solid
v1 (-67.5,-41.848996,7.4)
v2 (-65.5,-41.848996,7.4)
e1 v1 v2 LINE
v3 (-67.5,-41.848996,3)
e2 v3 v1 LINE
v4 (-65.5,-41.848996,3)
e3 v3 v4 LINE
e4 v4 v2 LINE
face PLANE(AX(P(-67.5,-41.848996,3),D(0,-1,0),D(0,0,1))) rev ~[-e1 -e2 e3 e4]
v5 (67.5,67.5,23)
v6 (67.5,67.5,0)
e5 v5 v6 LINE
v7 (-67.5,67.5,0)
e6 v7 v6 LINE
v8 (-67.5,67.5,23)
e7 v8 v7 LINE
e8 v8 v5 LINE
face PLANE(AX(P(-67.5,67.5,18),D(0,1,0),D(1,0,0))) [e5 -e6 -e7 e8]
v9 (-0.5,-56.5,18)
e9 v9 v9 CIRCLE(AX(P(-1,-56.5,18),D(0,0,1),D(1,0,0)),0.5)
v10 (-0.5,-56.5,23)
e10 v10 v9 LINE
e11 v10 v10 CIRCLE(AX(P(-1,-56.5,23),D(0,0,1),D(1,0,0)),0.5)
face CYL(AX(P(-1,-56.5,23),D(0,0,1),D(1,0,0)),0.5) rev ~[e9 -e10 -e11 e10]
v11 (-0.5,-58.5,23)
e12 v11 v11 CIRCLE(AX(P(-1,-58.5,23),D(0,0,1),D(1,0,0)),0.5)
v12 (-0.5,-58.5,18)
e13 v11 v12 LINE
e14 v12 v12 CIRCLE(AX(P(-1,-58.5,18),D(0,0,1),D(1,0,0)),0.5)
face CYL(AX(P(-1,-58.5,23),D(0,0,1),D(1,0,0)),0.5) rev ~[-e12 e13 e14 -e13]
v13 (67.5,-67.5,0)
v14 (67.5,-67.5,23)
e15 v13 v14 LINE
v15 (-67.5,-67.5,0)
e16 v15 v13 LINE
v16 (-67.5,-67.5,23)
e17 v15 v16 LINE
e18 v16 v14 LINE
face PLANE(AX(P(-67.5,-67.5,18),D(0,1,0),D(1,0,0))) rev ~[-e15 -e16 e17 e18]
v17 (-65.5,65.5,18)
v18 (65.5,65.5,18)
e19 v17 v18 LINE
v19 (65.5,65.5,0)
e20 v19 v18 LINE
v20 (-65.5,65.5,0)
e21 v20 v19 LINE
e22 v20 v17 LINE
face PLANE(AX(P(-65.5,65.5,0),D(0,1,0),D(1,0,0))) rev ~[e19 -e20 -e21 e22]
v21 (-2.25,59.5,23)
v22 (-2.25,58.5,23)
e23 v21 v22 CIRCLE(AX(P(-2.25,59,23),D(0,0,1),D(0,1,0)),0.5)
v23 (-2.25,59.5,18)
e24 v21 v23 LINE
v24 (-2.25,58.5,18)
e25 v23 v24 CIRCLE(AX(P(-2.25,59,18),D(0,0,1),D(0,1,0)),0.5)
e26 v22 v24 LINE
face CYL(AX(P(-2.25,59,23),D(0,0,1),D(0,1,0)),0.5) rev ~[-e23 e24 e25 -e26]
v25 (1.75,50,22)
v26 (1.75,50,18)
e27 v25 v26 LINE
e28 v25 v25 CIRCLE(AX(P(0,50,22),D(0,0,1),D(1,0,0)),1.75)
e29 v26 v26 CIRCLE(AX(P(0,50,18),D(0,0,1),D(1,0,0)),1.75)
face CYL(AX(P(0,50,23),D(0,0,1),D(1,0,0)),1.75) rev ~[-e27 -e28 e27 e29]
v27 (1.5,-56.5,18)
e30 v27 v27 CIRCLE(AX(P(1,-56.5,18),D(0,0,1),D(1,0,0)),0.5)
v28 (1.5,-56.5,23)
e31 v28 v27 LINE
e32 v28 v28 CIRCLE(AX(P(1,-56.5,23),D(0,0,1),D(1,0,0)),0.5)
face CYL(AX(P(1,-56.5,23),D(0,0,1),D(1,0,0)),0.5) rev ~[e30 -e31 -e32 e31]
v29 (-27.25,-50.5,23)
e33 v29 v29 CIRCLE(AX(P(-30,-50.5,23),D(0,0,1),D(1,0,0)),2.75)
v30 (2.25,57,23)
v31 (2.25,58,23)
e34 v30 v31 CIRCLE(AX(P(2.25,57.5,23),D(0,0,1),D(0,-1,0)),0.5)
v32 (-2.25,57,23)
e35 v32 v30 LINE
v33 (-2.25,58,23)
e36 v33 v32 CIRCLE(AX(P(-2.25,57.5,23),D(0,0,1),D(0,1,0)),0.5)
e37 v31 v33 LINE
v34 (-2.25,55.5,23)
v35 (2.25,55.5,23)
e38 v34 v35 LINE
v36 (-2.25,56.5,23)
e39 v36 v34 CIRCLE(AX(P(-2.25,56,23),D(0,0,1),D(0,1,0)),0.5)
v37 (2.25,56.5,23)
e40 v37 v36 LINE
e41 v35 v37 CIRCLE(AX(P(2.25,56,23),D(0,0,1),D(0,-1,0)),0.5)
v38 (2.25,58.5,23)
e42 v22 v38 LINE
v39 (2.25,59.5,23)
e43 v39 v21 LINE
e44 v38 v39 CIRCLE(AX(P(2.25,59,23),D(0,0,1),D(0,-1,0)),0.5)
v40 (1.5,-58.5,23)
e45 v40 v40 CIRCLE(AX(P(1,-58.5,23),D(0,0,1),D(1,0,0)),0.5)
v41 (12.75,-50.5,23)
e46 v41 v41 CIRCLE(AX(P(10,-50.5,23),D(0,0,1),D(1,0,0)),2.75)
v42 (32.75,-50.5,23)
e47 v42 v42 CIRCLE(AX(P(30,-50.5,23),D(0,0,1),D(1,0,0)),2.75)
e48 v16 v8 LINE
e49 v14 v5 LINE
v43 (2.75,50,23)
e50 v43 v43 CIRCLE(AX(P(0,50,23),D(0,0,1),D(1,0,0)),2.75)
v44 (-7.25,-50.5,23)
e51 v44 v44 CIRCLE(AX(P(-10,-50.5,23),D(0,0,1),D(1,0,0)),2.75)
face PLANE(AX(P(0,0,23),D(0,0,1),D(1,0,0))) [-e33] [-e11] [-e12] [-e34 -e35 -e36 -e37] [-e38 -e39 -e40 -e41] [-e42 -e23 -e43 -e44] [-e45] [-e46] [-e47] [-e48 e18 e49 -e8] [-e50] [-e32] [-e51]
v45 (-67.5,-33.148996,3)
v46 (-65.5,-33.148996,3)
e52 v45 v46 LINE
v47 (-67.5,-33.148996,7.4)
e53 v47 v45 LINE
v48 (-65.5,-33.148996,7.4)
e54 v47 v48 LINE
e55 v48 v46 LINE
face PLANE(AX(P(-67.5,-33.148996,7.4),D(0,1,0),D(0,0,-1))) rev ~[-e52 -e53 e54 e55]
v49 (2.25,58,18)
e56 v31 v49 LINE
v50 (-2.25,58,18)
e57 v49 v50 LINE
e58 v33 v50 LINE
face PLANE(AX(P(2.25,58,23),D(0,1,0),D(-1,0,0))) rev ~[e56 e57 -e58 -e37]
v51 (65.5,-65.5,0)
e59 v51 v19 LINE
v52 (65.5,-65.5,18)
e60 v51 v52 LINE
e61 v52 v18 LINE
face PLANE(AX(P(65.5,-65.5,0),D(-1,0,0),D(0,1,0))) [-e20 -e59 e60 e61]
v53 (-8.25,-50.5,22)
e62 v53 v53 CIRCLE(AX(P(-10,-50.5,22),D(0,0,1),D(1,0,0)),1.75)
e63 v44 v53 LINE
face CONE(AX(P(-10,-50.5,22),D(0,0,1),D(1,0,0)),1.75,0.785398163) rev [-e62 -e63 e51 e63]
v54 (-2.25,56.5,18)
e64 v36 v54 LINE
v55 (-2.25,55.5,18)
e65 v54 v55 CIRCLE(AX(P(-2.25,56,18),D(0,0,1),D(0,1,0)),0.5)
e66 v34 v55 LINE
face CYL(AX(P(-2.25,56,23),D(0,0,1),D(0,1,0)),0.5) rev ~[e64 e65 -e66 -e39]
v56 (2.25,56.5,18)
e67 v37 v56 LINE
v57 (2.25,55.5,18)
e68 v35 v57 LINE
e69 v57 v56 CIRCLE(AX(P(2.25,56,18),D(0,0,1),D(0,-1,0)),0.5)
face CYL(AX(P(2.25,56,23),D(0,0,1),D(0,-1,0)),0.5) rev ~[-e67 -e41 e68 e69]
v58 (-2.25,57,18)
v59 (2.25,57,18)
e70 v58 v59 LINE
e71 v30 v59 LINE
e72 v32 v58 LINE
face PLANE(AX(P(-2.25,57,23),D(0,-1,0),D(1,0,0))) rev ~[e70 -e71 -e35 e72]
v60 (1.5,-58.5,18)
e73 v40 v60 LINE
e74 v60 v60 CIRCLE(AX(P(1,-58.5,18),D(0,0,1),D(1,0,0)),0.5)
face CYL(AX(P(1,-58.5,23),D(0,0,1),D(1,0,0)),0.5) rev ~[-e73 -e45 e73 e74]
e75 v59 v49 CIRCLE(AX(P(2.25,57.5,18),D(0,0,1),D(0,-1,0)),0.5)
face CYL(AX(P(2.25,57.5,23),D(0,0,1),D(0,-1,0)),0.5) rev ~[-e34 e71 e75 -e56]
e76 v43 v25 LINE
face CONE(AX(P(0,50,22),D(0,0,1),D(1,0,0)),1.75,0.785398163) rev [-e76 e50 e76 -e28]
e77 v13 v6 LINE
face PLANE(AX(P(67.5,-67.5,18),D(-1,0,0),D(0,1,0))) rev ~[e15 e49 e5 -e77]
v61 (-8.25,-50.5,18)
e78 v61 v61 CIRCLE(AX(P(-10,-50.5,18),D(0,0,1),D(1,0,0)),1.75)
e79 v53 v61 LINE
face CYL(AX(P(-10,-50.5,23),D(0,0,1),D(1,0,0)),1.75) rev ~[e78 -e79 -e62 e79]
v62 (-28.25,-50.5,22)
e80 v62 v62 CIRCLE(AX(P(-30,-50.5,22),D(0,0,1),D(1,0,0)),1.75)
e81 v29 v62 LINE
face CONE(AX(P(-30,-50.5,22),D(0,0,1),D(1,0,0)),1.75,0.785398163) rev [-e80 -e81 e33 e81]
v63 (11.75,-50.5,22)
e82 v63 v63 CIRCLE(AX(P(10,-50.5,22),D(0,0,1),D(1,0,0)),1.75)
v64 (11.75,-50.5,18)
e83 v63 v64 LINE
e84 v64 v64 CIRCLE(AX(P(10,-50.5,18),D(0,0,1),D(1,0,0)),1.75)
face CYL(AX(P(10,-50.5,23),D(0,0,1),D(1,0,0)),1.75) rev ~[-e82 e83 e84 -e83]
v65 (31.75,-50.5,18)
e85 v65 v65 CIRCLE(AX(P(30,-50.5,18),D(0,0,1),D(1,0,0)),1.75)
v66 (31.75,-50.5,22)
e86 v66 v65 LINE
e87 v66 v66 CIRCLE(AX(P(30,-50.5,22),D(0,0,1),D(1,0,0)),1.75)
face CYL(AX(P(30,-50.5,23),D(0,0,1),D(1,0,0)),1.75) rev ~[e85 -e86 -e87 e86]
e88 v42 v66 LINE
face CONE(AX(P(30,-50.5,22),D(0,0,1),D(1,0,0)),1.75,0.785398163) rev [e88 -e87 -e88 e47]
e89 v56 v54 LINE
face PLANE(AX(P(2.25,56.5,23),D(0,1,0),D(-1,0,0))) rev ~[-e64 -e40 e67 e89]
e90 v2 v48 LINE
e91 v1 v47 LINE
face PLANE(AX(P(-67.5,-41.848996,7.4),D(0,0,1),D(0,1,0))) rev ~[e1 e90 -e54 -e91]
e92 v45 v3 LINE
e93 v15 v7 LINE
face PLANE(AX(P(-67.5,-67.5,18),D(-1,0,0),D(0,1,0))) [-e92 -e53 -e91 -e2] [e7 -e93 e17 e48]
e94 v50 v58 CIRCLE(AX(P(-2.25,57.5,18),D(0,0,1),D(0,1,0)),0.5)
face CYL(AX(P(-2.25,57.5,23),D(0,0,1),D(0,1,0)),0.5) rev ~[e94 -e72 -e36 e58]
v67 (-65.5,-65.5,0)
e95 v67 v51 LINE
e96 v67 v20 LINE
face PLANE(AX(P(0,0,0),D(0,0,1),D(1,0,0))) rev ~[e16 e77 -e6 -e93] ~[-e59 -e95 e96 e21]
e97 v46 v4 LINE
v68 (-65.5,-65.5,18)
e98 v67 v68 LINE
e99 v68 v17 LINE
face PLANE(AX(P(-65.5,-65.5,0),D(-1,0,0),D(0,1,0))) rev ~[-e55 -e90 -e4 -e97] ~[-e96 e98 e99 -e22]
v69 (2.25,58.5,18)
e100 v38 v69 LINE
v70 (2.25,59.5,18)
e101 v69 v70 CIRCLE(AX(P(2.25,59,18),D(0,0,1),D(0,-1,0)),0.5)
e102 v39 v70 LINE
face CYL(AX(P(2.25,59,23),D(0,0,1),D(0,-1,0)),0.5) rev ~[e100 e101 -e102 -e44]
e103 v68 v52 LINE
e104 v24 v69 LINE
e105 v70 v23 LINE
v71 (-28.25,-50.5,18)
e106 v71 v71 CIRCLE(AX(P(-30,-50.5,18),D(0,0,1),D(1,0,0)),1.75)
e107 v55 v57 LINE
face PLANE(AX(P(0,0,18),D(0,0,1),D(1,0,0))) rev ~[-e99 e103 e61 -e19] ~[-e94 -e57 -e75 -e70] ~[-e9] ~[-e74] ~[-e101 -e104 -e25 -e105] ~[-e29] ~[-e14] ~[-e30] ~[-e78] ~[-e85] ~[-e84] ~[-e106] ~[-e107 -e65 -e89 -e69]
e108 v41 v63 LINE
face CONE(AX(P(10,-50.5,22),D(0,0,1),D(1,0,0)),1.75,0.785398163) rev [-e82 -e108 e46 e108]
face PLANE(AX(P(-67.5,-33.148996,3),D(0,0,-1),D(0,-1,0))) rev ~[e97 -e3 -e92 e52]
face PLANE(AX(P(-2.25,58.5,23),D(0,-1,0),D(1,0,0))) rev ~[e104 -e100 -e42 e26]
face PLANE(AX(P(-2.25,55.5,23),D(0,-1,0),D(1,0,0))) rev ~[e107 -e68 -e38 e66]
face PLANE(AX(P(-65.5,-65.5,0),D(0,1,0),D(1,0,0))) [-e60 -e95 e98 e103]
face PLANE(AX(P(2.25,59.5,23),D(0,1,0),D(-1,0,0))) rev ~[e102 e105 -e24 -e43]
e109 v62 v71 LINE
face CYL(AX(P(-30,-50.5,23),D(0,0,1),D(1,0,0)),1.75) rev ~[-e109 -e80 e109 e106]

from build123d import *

# Parameters (mm, degrees)
SKIZZE1_W                       = 135
SKIZZE1_H                       = 135
SKIZZE1_W_2                     = 131
SKIZZE1_H_2                     = 131
AUFSATZ_LINEAR_AUSTRAGEN1_DEPTH = 18
SKIZZE2_W                       = 135
SKIZZE2_H                       = 135
AUFSATZ_LINEAR_AUSTRAGEN2_DEPTH = 5
SCHNITT_LINEAR_AUSTRAGEN1_DEPTH = 11
SKIZZE4_R                       = 1.75
SKIZZE4_R_2                     = 0.5
SCHNITT_LINEAR_AUSTRAGEN2_DEPTH = 10
FASE1_SIZE                      = 1


with BuildPart() as part:
    # Skizze1 → Aufsatz-Linear austragen1 (new body)
    with BuildSketch(Plane.XY):
        Rectangle(SKIZZE1_W, SKIZZE1_H)
        Rectangle(SKIZZE1_W_2, SKIZZE1_H_2, mode=Mode.SUBTRACT)
    extrude(amount=AUFSATZ_LINEAR_AUSTRAGEN1_DEPTH)

    # Skizze2 → Aufsatz-Linear austragen2 (add)
    with BuildSketch(Plane.XY.offset(18)):
        Rectangle(SKIZZE2_W, SKIZZE2_H)
    extrude(amount=AUFSATZ_LINEAR_AUSTRAGEN2_DEPTH)

    # Skizze3 → Schnitt-Linear austragen1 (cut)
    with BuildSketch(Plane.ZY.offset(67.5)):
        Polygon((5, -33.148996127), (3, -33.148996127), (3, -41.848996127), (5, -41.848996127), (7.4, -41.848996127), (7.4, -33.148996127), align=None)
    extrude(amount=-SCHNITT_LINEAR_AUSTRAGEN1_DEPTH, mode=Mode.SUBTRACT)

    # Skizze4 → Schnitt-Linear austragen2 (cut)
    with BuildSketch(Plane.XY.offset(23)):
        with BuildLine():
            Line((2.25, 56.5), (-2.25, 56.5))
            ThreePointArc((-2.25, 56.5), (-2.75, 56), (-2.25, 55.5))
            Line((-2.25, 55.5), (2.25, 55.5))
            ThreePointArc((2.25, 55.5), (2.75, 56), (2.25, 56.5))
        make_face()
        with BuildLine():
            Line((2.25, 58), (-2.25, 58))
            ThreePointArc((-2.25, 58), (-2.75, 57.5), (-2.25, 57))
            Line((-2.25, 57), (2.25, 57))
            ThreePointArc((2.25, 57), (2.75, 57.5), (2.25, 58))
        make_face()
        with BuildLine():
            Line((2.25, 59.5), (-2.25, 59.5))
            ThreePointArc((-2.25, 59.5), (-2.75, 59), (-2.25, 58.5))
            Line((-2.25, 58.5), (2.25, 58.5))
            ThreePointArc((2.25, 58.5), (2.75, 59), (2.25, 59.5))
        make_face()
        with Locations((0, 50)):
            Circle(SKIZZE4_R)
        with Locations((30, -50.5)):
            Circle(SKIZZE4_R)
        with Locations((10, -50.5)):
            Circle(SKIZZE4_R)
        with Locations((-10, -50.5)):
            Circle(SKIZZE4_R)
        with Locations((-30, -50.5)):
            Circle(SKIZZE4_R)
        with Locations((1, -56.5)):
            Circle(SKIZZE4_R_2)
        with Locations((1, -58.5)):
            Circle(SKIZZE4_R_2)
        with Locations((-1, -58.5)):
            Circle(SKIZZE4_R_2)
        with Locations((-1, -56.5)):
            Circle(SKIZZE4_R_2)
    extrude(amount=-SCHNITT_LINEAR_AUSTRAGEN2_DEPTH, mode=Mode.SUBTRACT)

    # Fase1
    fase1_edges = [part.edges().sort_by_distance(p)[0] for p in [
        (8.25, -50.5, 23),
        (-11.75, -50.5, 23),
        (-31.75, -50.5, 23),
        (28.25, -50.5, 23),
        (-1.75, 50, 23),
    ]]
    chamfer(fase1_edges, length=FASE1_SIZE)


solid = part.part
